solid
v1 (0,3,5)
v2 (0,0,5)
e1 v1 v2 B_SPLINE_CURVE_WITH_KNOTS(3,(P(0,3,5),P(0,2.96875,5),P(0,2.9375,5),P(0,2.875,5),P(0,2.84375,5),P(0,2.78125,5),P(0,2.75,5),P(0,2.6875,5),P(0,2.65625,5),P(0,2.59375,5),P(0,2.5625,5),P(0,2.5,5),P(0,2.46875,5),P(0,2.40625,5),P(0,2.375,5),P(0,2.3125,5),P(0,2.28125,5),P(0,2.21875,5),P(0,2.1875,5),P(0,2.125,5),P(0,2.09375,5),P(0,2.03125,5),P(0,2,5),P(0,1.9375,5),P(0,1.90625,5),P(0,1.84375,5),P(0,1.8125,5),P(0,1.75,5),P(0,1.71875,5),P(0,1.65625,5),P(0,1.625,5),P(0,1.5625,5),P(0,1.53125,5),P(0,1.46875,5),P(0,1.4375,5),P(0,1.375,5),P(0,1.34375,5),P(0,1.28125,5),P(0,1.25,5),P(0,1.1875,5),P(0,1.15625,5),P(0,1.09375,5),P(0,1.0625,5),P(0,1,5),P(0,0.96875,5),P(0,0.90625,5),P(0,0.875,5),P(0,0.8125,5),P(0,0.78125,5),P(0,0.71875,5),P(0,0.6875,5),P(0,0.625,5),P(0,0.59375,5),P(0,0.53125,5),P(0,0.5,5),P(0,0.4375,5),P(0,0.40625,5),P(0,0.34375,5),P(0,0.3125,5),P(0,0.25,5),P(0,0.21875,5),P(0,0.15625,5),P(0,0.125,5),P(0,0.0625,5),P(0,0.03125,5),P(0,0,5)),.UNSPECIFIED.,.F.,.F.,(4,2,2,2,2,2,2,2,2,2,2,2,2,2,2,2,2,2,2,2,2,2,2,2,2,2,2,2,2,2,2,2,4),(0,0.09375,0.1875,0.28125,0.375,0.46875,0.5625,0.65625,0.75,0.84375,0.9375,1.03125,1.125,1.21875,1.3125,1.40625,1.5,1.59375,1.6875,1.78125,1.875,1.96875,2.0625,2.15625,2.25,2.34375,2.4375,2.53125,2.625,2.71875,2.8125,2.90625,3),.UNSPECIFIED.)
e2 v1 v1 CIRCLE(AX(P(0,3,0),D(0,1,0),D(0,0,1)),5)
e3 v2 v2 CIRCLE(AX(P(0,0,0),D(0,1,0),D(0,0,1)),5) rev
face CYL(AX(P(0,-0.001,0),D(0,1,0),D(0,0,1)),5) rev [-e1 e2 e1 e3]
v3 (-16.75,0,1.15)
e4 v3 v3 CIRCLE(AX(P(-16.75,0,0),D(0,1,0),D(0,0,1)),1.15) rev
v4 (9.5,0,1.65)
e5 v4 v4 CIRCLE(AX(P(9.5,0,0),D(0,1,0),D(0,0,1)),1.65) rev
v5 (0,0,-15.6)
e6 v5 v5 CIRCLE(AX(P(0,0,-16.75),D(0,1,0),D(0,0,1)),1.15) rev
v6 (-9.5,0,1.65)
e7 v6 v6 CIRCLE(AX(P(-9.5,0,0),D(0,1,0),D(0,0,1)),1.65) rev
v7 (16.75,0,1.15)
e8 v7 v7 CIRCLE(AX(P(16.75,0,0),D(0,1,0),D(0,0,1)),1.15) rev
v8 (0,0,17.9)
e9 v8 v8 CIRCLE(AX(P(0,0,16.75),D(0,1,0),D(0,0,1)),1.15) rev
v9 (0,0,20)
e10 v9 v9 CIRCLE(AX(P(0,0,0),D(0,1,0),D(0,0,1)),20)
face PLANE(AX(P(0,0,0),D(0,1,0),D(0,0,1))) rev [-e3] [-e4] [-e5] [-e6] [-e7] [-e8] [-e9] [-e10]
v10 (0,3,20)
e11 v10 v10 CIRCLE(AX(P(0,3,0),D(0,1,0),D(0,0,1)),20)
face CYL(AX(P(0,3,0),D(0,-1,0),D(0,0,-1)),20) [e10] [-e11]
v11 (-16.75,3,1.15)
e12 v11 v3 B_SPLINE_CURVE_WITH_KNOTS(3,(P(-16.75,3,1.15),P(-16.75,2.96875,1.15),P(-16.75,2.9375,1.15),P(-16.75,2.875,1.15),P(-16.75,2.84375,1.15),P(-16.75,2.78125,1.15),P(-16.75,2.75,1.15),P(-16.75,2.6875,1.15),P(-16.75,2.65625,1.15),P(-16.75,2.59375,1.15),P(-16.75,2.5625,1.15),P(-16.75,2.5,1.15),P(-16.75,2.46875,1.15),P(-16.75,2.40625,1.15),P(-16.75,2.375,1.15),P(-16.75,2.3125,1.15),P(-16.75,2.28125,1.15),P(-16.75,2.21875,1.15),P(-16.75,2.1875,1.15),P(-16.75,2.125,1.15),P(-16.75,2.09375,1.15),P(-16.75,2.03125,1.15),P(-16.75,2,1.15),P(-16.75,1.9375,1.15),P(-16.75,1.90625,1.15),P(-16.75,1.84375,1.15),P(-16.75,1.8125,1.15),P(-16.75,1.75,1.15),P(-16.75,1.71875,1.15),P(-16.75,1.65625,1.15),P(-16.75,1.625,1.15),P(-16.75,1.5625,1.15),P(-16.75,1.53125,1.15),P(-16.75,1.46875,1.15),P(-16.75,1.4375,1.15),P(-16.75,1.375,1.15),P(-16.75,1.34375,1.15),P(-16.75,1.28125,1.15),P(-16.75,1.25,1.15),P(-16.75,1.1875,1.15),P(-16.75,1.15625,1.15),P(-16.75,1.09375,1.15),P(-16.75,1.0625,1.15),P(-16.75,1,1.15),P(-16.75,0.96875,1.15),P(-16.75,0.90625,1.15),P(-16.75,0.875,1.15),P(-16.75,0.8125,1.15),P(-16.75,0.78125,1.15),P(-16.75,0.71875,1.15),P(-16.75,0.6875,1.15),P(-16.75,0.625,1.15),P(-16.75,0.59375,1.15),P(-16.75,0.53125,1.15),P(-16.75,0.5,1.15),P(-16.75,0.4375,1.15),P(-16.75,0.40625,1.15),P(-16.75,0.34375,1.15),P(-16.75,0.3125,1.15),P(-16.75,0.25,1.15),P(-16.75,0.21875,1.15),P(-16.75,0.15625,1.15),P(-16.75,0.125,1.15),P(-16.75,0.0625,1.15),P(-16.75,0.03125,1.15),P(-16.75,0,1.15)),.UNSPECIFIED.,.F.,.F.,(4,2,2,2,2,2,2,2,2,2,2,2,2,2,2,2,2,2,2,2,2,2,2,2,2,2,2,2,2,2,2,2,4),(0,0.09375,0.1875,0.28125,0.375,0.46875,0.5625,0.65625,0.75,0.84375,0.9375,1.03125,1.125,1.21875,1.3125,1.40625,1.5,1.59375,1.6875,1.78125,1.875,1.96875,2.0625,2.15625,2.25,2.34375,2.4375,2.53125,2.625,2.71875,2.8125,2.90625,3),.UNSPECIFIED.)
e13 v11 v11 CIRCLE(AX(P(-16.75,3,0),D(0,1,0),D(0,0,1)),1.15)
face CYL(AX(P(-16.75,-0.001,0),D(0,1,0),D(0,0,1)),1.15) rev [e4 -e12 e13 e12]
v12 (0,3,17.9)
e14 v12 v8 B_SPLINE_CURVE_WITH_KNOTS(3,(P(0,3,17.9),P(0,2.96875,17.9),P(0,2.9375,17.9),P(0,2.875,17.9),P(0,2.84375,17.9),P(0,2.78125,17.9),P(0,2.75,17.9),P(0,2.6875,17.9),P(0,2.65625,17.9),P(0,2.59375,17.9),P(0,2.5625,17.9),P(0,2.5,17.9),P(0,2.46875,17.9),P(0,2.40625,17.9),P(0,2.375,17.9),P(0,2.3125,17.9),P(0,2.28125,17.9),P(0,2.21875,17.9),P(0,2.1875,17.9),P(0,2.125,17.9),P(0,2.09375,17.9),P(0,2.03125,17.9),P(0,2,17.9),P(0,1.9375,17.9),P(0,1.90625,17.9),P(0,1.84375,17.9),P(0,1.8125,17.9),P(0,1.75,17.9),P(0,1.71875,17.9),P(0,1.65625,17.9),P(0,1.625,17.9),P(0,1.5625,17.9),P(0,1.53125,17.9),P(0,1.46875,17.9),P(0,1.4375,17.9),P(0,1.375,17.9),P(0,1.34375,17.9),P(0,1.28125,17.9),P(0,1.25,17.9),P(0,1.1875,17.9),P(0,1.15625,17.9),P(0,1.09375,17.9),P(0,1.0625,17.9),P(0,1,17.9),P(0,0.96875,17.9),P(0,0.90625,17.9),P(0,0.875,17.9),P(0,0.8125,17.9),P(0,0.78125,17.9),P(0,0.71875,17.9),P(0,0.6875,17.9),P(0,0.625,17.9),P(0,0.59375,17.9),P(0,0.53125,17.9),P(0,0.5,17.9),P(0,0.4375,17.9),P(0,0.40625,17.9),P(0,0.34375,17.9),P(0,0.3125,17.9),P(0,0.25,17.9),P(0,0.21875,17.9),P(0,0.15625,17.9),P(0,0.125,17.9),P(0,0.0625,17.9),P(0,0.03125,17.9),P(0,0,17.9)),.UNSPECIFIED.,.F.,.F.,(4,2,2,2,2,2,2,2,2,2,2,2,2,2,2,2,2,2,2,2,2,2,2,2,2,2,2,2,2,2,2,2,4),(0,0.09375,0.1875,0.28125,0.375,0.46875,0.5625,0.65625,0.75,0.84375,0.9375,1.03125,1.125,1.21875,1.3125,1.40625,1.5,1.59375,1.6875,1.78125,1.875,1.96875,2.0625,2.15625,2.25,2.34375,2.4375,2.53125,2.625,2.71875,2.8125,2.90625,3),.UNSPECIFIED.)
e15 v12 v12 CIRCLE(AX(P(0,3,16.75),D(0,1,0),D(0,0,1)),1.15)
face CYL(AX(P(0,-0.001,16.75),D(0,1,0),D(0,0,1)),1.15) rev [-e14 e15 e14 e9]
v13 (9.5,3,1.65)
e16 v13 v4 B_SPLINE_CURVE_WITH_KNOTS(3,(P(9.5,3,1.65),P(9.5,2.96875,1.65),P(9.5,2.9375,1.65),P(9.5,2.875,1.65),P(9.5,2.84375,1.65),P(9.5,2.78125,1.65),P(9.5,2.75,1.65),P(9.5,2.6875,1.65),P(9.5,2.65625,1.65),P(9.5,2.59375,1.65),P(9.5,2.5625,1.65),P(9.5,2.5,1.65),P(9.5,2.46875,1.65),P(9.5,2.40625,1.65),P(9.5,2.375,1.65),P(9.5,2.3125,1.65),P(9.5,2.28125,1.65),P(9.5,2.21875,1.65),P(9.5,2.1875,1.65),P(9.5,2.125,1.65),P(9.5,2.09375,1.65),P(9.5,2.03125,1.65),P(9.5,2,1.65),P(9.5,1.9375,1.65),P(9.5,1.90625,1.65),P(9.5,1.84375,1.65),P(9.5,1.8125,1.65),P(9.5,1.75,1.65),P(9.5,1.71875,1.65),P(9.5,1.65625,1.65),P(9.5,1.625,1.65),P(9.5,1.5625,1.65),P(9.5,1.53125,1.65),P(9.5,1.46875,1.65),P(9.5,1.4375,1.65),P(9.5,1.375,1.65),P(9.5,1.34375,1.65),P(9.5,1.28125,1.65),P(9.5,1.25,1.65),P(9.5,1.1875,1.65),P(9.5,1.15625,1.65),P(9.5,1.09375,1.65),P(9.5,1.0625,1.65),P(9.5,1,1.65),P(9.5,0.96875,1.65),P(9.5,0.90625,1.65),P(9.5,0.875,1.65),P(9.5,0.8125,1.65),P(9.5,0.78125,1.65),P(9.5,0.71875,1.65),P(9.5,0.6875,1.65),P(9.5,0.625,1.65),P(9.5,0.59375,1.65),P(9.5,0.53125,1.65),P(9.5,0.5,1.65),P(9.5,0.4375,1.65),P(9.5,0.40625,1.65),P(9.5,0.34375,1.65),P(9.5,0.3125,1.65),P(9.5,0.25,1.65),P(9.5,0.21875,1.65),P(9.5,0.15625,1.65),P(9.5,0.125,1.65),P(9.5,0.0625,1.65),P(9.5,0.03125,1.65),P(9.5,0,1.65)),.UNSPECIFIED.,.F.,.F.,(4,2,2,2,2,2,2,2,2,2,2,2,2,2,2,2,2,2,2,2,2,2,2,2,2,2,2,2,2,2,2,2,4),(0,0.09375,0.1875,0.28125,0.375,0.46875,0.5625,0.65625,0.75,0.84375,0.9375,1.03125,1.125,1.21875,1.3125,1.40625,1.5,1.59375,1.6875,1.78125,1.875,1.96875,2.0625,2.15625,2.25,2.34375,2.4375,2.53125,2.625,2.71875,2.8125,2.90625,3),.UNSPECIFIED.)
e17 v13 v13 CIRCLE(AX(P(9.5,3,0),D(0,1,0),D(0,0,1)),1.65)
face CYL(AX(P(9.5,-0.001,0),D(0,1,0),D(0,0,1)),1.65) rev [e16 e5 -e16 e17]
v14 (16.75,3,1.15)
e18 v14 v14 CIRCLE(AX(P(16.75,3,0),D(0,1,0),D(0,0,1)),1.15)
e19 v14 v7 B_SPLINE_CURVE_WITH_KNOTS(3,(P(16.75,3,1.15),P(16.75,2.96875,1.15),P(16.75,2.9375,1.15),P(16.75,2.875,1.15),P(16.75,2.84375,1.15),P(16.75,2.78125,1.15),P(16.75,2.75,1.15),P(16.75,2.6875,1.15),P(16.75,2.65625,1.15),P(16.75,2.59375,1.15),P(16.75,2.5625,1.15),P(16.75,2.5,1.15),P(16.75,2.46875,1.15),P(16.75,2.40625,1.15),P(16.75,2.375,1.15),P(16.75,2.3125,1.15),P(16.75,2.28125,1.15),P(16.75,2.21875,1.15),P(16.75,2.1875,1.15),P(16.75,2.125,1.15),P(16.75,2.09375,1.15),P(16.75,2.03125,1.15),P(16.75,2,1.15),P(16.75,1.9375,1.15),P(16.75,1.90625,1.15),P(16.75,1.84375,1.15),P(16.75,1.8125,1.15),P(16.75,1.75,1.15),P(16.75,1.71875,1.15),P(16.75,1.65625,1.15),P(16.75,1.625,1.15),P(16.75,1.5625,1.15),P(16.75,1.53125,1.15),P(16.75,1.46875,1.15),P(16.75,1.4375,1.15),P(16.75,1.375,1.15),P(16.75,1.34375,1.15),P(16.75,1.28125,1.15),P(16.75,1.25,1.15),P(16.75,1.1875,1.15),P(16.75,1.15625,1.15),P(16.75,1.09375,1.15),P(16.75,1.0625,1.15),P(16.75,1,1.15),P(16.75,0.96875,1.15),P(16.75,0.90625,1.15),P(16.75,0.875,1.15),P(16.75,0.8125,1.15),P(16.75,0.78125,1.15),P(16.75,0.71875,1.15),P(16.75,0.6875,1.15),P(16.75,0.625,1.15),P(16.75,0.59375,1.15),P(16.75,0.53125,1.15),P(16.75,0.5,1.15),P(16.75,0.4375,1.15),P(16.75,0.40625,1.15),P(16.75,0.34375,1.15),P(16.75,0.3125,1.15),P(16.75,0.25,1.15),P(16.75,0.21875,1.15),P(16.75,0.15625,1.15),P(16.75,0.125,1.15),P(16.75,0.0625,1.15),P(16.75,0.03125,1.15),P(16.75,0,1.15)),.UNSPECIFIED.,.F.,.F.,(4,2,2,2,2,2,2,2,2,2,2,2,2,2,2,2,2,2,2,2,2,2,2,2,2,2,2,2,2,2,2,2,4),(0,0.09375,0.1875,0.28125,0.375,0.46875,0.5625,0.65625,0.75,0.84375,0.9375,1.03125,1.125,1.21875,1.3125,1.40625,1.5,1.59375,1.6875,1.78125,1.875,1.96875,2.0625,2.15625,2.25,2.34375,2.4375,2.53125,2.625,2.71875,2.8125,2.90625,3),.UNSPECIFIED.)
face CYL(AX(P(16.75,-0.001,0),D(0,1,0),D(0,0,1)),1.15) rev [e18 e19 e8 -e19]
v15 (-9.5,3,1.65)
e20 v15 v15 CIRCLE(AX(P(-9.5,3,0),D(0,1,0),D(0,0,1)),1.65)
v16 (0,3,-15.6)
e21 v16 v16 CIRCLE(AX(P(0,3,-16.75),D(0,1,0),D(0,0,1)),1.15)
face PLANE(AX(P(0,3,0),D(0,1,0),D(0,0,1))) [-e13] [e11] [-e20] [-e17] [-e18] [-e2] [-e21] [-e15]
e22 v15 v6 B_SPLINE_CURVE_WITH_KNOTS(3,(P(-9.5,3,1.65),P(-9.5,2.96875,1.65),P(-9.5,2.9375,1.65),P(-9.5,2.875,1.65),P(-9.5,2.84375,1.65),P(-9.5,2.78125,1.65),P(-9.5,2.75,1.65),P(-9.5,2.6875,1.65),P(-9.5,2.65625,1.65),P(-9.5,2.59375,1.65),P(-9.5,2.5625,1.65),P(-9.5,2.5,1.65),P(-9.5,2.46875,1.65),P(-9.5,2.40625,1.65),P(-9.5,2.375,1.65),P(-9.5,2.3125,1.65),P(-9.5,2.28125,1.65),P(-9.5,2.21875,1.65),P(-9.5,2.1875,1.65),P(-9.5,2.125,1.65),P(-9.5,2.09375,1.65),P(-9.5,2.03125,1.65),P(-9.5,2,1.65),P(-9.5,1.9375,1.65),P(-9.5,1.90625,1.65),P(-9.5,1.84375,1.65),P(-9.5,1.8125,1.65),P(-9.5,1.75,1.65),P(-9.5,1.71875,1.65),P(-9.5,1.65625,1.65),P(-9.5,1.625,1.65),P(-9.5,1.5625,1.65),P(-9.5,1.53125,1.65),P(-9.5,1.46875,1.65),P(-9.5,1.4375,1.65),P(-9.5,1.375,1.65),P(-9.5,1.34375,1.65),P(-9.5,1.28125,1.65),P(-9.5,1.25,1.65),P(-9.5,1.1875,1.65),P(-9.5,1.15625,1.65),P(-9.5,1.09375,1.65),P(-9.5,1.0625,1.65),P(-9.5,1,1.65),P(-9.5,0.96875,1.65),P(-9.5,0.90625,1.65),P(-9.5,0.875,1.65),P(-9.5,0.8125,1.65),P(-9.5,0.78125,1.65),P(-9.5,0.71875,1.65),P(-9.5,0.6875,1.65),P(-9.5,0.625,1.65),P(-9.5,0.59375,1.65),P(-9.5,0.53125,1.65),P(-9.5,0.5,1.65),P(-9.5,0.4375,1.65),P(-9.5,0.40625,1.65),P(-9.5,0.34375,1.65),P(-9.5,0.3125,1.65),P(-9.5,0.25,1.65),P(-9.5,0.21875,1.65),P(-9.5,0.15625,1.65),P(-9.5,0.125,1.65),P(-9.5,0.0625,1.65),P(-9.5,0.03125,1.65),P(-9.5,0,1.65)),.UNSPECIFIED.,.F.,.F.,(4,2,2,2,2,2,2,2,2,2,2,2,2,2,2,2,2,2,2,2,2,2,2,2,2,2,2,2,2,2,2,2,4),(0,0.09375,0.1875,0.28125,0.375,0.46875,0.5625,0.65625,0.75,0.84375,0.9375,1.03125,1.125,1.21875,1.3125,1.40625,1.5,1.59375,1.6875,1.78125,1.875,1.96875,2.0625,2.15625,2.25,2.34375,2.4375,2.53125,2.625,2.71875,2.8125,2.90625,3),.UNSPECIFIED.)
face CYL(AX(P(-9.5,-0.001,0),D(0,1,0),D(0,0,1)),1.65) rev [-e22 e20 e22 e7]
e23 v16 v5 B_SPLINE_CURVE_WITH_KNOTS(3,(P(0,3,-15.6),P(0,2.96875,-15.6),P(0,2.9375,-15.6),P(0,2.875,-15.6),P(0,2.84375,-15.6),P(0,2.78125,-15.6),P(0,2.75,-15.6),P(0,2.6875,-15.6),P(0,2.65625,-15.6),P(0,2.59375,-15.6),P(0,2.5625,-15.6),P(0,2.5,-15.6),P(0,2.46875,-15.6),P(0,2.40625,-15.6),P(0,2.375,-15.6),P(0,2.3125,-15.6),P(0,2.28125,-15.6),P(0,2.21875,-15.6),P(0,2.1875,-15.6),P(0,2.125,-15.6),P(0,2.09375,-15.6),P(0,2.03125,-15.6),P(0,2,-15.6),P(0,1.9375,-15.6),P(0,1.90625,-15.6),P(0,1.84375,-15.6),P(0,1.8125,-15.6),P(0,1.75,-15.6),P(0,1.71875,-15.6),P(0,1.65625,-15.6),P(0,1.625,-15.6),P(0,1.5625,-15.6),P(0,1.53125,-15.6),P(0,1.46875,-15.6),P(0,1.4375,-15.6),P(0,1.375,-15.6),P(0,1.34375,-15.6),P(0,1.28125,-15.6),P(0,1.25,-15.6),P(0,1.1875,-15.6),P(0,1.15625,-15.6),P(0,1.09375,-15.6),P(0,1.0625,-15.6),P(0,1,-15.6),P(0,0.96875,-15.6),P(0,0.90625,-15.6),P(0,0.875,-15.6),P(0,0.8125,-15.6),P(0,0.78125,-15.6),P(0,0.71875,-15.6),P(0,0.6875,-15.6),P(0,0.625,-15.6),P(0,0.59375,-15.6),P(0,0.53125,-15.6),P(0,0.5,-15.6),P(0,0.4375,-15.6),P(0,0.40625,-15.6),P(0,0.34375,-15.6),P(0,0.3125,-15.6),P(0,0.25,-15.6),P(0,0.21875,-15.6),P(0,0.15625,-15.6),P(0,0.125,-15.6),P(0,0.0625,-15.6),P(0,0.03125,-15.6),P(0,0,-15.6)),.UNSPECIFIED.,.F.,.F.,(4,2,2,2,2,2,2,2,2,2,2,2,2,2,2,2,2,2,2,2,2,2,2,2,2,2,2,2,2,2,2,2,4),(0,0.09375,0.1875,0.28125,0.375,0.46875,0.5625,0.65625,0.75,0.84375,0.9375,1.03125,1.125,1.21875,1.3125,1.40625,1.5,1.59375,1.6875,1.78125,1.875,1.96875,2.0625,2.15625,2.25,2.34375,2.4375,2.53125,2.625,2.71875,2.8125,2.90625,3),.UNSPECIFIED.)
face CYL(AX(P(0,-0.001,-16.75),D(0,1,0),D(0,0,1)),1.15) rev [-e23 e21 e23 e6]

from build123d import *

# Parameters (mm, degrees)
SKETCH_1_R          = 20
EXTRUDE_1_DEPTH     = 3
CUT_EXTRUDE_1_REACH = 30.443
SKETCH_2_R          = 1.15
CUT_EXTRUDE_2_REACH = 30.443
SKETCH_3_R          = 1.65
SKETCH_3_R_2        = 5


with BuildPart() as part:
    # 草图1 → 凸台-拉伸1 (new body)
    with BuildSketch(Plane(origin=(0, 0, 0), x_dir=(1, 0, 0), z_dir=(0, 1, 0))):
        with Locations(Location((0, 0, 0), (0, 0, 270))):
            Circle(SKETCH_1_R)
    extrude(amount=EXTRUDE_1_DEPTH)

    # 草图2 → 切除-拉伸1 (cut, up to next)
    with BuildSketch(Plane(origin=(0, 3, 0), x_dir=(1, 0, 0), z_dir=(0, 1, 0)), mode=Mode.PRIVATE) as cut_extrude_1_sk1:
        with Locations(Location((0, 16.75, 0), (0, 0, 270))):
            Circle(SKETCH_2_R)
    cut_extrude_1_tool1 = extrude(cut_extrude_1_sk1.sketch, amount=-CUT_EXTRUDE_1_REACH, mode=Mode.PRIVATE) & part.part
    # 草图2 → 切除-拉伸1 (cut, up to next)
    with BuildSketch(Plane(origin=(0, 3, 0), x_dir=(1, 0, 0), z_dir=(0, 1, 0)), mode=Mode.PRIVATE) as cut_extrude_1_sk2:
        with Locations(Location((16.75, 0, 0), (0, 0, 270))):
            Circle(SKETCH_2_R)
    cut_extrude_1_tool2 = extrude(cut_extrude_1_sk2.sketch, amount=-CUT_EXTRUDE_1_REACH, mode=Mode.PRIVATE) & part.part
    # 草图2 → 切除-拉伸1 (cut, up to next)
    with BuildSketch(Plane(origin=(0, 3, 0), x_dir=(1, 0, 0), z_dir=(0, 1, 0)), mode=Mode.PRIVATE) as cut_extrude_1_sk3:
        with Locations(Location((0, -16.75, 0), (0, 0, 270))):
            Circle(SKETCH_2_R)
    cut_extrude_1_tool3 = extrude(cut_extrude_1_sk3.sketch, amount=-CUT_EXTRUDE_1_REACH, mode=Mode.PRIVATE) & part.part
    # 草图2 → 切除-拉伸1 (cut, up to next)
    with BuildSketch(Plane(origin=(0, 3, 0), x_dir=(1, 0, 0), z_dir=(0, 1, 0)), mode=Mode.PRIVATE) as cut_extrude_1_sk4:
        with Locations(Location((-16.75, 0, 0), (0, 0, 270))):
            Circle(SKETCH_2_R)
    cut_extrude_1_tool4 = extrude(cut_extrude_1_sk4.sketch, amount=-CUT_EXTRUDE_1_REACH, mode=Mode.PRIVATE) & part.part
    add(cut_extrude_1_tool1.solids().sort_by_distance((0, 3, -16.75))[0], mode=Mode.SUBTRACT)
    add(cut_extrude_1_tool2.solids().sort_by_distance((16.75, 3, 0))[0], mode=Mode.SUBTRACT)
    add(cut_extrude_1_tool3.solids().sort_by_distance((0, 3, 16.75))[0], mode=Mode.SUBTRACT)
    add(cut_extrude_1_tool4.solids().sort_by_distance((-16.75, 3, 0))[0], mode=Mode.SUBTRACT)

    # 草图3 → 切除-拉伸2 (cut, up to next)
    with BuildSketch(Plane(origin=(0, 3, 0), x_dir=(1, 0, 0), z_dir=(0, 1, 0)), mode=Mode.PRIVATE) as cut_extrude_2_sk1:
        with Locations(Location((-9.5, 0, 0), (0, 0, 270))):
            Circle(SKETCH_3_R)
    cut_extrude_2_tool1 = extrude(cut_extrude_2_sk1.sketch, amount=-CUT_EXTRUDE_2_REACH, mode=Mode.PRIVATE) & part.part
    # 草图3 → 切除-拉伸2 (cut, up to next)
    with BuildSketch(Plane(origin=(0, 3, 0), x_dir=(1, 0, 0), z_dir=(0, 1, 0)), mode=Mode.PRIVATE) as cut_extrude_2_sk2:
        with Locations(Location((9.5, 0, 0), (0, 0, 270))):
            Circle(SKETCH_3_R)
    cut_extrude_2_tool2 = extrude(cut_extrude_2_sk2.sketch, amount=-CUT_EXTRUDE_2_REACH, mode=Mode.PRIVATE) & part.part
    # 草图3 → 切除-拉伸2 (cut, up to next)
    with BuildSketch(Plane(origin=(0, 3, 0), x_dir=(1, 0, 0), z_dir=(0, 1, 0)), mode=Mode.PRIVATE) as cut_extrude_2_sk3:
        with Locations(Location((0, 0, 0), (0, 0, 270))):
            Circle(SKETCH_3_R_2)
    cut_extrude_2_tool3 = extrude(cut_extrude_2_sk3.sketch, amount=-CUT_EXTRUDE_2_REACH, mode=Mode.PRIVATE) & part.part
    add(cut_extrude_2_tool1.solids().sort_by_distance((-9.5, 3, 0))[0], mode=Mode.SUBTRACT)
    add(cut_extrude_2_tool2.solids().sort_by_distance((9.5, 3, 0))[0], mode=Mode.SUBTRACT)
    add(cut_extrude_2_tool3.solids().sort_by_distance((0, 3, 0))[0], mode=Mode.SUBTRACT)


solid = part.part
